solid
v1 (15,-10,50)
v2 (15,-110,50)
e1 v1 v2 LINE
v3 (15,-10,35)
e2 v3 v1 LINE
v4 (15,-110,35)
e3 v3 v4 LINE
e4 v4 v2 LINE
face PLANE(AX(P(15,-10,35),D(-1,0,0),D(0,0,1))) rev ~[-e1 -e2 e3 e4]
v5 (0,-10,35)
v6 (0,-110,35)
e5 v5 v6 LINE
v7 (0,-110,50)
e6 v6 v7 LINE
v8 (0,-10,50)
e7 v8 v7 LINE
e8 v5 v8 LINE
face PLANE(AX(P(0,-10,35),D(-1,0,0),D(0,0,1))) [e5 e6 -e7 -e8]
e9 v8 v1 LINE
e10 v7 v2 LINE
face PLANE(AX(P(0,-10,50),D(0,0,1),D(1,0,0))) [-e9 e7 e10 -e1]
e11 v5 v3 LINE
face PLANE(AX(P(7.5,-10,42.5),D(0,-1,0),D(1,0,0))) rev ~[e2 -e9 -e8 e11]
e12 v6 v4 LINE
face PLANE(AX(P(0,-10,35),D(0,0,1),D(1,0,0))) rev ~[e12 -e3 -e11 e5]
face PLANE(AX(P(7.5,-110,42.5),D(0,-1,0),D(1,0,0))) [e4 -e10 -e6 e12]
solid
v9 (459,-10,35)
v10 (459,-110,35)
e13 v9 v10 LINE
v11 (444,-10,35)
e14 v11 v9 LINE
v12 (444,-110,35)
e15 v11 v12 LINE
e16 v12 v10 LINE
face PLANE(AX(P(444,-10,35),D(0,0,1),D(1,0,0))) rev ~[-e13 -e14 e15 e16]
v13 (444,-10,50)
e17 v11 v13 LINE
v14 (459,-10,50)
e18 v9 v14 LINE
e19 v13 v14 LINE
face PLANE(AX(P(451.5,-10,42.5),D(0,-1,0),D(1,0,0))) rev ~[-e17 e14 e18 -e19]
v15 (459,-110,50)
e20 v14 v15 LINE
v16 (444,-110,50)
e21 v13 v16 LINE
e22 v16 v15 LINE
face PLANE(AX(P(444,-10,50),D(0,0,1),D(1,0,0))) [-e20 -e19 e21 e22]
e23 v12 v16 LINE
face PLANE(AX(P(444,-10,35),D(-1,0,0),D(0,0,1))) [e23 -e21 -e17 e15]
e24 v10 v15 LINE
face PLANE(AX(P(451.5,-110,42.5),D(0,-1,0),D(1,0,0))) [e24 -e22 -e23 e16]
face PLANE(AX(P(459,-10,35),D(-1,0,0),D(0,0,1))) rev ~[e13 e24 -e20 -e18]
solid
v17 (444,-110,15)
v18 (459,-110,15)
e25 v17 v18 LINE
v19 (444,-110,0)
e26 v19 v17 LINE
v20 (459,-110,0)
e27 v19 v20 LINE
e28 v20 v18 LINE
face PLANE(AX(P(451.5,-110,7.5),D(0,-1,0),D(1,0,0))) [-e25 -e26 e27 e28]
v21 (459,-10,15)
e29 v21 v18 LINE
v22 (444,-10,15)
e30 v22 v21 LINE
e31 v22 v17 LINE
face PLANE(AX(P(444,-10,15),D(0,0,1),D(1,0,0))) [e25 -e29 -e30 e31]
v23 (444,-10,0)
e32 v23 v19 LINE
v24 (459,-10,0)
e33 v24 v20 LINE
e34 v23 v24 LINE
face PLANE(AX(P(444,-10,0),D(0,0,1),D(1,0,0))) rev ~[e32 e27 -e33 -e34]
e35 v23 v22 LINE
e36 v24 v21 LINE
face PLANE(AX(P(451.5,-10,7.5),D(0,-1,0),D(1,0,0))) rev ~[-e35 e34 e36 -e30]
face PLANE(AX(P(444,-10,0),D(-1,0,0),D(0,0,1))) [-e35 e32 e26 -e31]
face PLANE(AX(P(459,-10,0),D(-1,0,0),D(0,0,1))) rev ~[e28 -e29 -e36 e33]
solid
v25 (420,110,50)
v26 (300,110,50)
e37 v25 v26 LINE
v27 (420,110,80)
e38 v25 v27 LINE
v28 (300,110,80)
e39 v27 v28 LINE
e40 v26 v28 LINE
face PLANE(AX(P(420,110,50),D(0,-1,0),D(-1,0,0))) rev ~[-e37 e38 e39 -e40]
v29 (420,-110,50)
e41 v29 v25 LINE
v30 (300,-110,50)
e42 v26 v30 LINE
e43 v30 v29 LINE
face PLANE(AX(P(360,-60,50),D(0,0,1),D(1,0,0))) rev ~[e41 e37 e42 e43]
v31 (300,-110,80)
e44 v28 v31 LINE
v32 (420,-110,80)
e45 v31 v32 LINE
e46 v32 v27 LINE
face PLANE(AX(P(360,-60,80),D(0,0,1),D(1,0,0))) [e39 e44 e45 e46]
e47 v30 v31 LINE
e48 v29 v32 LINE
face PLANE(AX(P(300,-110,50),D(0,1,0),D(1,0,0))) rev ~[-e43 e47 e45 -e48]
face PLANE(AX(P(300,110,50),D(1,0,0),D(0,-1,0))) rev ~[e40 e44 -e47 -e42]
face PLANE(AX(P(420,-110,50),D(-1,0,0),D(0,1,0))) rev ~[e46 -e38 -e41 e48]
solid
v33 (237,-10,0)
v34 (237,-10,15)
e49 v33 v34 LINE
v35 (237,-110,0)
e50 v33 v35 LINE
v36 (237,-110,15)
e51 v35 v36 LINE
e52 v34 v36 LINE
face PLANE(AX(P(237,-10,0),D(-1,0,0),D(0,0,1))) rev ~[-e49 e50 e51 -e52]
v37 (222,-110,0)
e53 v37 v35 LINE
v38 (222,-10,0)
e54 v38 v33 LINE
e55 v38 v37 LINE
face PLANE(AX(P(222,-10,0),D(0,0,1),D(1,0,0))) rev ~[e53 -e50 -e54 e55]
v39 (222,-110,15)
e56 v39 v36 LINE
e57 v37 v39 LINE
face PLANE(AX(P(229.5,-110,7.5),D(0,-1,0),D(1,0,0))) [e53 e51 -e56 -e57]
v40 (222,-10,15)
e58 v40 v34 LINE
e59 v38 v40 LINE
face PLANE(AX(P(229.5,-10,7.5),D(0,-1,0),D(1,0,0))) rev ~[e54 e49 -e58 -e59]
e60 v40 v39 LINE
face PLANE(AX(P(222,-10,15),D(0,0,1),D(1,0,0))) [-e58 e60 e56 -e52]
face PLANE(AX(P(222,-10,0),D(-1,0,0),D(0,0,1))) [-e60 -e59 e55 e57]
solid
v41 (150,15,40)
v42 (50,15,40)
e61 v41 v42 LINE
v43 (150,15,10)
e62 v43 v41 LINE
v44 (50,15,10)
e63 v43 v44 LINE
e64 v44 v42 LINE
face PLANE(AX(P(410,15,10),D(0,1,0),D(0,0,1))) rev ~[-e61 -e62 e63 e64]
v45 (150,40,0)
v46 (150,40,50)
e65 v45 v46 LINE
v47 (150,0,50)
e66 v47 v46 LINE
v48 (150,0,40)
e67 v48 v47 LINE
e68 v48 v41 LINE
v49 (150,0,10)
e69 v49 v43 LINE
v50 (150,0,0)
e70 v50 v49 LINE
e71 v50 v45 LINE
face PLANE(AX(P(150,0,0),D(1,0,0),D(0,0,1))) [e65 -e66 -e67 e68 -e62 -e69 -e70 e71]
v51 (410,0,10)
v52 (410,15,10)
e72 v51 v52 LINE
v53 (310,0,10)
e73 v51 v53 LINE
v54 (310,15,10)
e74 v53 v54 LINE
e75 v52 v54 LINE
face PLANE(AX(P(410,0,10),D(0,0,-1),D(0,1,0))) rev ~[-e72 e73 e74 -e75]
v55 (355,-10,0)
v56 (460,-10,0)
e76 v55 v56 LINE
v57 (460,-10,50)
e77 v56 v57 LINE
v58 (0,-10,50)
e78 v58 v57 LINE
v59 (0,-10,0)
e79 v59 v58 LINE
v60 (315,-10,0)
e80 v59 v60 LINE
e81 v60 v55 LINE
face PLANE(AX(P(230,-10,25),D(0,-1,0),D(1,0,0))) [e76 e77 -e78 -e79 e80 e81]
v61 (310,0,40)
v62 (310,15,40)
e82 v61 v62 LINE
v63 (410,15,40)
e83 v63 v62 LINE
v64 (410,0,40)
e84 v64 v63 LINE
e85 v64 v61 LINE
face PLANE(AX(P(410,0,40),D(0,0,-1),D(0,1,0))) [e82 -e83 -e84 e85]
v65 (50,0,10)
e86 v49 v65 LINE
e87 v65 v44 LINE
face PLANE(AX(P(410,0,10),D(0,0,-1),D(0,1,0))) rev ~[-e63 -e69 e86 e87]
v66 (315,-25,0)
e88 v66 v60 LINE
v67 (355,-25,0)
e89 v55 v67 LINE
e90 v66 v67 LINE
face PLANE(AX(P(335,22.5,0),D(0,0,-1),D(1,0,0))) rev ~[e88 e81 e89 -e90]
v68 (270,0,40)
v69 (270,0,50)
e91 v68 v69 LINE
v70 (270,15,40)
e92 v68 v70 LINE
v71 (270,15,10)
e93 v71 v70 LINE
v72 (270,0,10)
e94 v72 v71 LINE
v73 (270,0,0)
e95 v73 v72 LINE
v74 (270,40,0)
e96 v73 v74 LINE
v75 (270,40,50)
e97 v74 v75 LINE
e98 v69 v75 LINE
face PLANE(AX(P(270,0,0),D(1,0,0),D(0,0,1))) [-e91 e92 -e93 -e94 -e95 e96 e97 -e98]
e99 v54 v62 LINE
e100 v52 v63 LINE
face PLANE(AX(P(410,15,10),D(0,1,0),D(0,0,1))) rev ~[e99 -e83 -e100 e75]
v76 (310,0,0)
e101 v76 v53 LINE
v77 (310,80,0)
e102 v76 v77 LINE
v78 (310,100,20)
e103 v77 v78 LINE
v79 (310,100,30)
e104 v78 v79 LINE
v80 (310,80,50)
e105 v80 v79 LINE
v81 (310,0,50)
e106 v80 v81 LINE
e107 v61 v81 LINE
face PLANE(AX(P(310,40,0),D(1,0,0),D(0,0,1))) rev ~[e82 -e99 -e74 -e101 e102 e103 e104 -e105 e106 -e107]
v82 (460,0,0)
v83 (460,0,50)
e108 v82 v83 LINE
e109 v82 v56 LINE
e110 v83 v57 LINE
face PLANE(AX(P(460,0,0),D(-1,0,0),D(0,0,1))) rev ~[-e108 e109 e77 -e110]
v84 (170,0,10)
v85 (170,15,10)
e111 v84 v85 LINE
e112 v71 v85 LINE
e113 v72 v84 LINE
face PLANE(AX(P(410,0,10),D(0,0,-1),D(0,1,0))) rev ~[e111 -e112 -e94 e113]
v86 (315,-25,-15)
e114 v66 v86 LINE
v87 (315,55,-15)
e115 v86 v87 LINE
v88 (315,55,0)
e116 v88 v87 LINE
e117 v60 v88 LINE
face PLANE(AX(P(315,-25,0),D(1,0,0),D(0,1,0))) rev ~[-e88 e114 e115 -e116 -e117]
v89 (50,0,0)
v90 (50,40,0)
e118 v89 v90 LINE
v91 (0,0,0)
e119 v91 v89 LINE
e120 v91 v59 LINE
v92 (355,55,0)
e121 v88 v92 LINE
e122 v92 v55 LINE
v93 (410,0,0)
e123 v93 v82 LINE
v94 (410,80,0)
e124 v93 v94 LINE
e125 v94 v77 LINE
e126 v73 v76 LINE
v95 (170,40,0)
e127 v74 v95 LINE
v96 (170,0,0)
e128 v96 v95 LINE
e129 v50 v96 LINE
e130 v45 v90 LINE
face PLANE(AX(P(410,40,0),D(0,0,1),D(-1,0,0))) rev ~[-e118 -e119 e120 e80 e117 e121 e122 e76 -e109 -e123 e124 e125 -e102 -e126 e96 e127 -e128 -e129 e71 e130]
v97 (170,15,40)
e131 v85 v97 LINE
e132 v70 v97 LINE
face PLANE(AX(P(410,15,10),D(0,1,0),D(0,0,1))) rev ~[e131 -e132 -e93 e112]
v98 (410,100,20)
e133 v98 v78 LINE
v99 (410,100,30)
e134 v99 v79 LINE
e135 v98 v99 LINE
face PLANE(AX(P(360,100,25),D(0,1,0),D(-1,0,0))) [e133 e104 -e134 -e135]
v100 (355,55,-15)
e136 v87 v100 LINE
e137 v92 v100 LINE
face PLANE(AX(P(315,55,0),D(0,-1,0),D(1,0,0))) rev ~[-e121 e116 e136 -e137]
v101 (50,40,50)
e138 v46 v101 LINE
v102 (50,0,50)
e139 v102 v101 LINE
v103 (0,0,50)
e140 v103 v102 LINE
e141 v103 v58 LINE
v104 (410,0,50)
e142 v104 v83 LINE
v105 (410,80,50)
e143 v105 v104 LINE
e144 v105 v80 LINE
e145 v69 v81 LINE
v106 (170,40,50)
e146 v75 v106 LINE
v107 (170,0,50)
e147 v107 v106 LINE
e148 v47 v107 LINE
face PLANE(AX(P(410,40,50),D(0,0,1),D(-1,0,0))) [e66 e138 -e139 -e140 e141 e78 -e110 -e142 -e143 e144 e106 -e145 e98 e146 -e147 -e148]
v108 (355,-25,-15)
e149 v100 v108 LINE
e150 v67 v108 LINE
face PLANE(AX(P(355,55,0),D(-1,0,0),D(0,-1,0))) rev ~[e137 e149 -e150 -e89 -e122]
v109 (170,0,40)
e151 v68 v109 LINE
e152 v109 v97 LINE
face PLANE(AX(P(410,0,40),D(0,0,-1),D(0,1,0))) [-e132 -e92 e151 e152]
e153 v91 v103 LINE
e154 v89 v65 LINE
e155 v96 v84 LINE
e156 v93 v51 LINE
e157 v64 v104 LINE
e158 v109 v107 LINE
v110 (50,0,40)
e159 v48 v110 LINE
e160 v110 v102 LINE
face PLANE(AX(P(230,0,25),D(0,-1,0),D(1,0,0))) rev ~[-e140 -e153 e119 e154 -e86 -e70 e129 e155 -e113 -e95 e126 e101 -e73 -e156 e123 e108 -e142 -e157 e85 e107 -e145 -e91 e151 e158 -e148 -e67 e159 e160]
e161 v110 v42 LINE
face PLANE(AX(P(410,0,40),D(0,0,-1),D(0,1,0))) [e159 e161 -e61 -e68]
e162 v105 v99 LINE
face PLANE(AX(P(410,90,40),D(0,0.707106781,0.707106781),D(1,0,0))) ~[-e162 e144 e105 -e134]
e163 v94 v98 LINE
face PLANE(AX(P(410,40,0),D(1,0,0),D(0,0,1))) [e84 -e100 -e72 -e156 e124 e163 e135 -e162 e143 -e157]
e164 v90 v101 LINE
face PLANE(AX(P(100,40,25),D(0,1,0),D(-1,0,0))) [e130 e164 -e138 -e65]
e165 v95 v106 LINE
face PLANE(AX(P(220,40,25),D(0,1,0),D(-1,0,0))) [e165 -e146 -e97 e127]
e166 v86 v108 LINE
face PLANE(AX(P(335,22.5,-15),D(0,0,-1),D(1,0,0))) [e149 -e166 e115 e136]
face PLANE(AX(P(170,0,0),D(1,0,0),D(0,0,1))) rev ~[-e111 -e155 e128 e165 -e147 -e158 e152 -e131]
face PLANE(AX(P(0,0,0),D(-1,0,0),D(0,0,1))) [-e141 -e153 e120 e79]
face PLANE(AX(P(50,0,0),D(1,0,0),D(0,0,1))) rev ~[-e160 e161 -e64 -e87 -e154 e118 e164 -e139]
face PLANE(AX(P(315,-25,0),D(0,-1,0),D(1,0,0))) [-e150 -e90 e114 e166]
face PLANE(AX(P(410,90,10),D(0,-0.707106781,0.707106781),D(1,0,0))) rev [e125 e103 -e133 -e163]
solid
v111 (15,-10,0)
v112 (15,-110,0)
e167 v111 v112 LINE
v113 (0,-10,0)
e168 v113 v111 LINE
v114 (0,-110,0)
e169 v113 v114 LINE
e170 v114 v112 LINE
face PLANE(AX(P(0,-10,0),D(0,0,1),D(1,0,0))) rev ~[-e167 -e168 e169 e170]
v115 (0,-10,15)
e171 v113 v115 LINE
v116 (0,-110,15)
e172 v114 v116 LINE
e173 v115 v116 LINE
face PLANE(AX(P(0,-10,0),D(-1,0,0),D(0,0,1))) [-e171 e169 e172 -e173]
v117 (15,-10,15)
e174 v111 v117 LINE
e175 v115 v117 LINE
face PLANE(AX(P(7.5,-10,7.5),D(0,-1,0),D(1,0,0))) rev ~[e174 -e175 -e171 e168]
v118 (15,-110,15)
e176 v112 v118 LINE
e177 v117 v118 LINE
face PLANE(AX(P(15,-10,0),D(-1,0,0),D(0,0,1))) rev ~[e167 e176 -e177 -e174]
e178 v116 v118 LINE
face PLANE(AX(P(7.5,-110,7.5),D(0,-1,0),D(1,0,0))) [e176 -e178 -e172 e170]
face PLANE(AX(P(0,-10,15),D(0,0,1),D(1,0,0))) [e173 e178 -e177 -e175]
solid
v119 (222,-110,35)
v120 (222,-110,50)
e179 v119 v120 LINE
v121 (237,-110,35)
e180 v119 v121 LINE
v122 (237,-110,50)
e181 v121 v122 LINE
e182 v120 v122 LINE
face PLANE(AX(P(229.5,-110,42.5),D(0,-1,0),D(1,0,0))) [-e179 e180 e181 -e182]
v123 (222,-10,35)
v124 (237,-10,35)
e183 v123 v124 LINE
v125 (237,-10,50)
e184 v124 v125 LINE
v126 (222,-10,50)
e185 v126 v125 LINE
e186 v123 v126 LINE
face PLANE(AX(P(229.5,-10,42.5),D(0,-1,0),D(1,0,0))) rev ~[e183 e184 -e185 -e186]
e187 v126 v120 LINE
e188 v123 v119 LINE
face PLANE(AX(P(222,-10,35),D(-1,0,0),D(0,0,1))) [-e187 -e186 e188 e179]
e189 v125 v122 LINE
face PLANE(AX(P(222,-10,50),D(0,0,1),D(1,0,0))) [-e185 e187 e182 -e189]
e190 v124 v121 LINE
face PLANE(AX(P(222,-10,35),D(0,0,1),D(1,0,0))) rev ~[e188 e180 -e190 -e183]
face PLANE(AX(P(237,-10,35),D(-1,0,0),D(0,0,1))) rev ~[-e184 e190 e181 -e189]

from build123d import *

# Parameters (mm, degrees)
F0_W      = 460
F0_H      = 50
F1_DEPTH  = 10
F2_W      = 15
F2_H      = 15
F3_DEPTH  = 100
F4_W      = 100
F4_H      = 50
F5_DEPTH  = 40
F6_W      = 100
F6_H      = 50
F7_DEPTH  = 60
F8_SIZE   = 20
F9_W      = 120
F9_H      = 100
F10_DEPTH = 30
F11_W     = 40
F11_H     = 65
F11_H_2   = 15
F12_DEPTH = 15
F13_W     = 15
F13_H     = 30
F14_DEPTH = 360.6


with BuildPart() as f1:
    # F0 (on Front) → F1 (new body)
    with BuildSketch(Plane.XZ):
        with Locations((230, 25)):
            Rectangle(F0_W, F0_H)
    extrude(amount=F1_DEPTH)

    # F4 (on face) → F5 (join)
    with BuildSketch(Plane(origin=(0, 0, 0), x_dir=(-1, 0, 0), z_dir=(0, 1, 0))):
        with Locations((-360, 25)):
            Rectangle(F4_W, F4_H)
        with Locations((-220, 25)):
            Rectangle(F4_W, F4_H)
        with Locations((-100, 25)):
            Rectangle(F4_W, F4_H)
    extrude(amount=F5_DEPTH)

    # F6 (on face) → F7 (join)
    with BuildSketch(Plane(origin=(0, 40, 0), x_dir=(-1, 0, 0), z_dir=(0, 1, 0))):
        with Locations((-360, 25)):
            Rectangle(F6_W, F6_H)
    extrude(amount=F7_DEPTH)

    # F8
    f8_edges = [f1.edges().sort_by_distance(p)[0] for p in [
        (360, 100, 0),
        (360, 100, 50),
    ]]
    chamfer(f8_edges, length=F8_SIZE)

    # F11 (on face) → F12 (join)
    with BuildSketch(Plane(origin=(0, 0, 0), x_dir=(1, 0, 0), z_dir=(0, 0, -1))):
        with Locations((335, -22.5)):
            Rectangle(F11_W, F11_H)
        with Locations((335, 17.5)):
            Rectangle(F11_W, F11_H_2)
    extrude(amount=F12_DEPTH)

    # F13 (on face) → F14 (cut)
    with BuildSketch(Plane.YZ.offset(410)):
        with Locations((7.5, 25)):
            Rectangle(F13_W, F13_H)
    extrude(amount=-F14_DEPTH, mode=Mode.SUBTRACT)


with BuildPart() as f3:
    # F2 (on face) → F3 (new body)
    with BuildSketch(Plane.XZ.offset(10)):
        with Locations((7.5, 42.5)):
            Rectangle(F2_W, F2_H)
    extrude(amount=F3_DEPTH)


with BuildPart() as f3b:
    # F2 (on face) → F3, piece 2 (new body)
    with BuildSketch(Plane.XZ.offset(10)):
        with Locations((7.5, 7.5)):
            Rectangle(F2_W, F2_H)
    extrude(amount=F3_DEPTH)


with BuildPart() as f3c:
    # F2 (on face) → F3, piece 3 (new body)
    with BuildSketch(Plane.XZ.offset(10)):
        with Locations((229.5, 42.5)):
            Rectangle(F2_W, F2_H)
    extrude(amount=F3_DEPTH)


with BuildPart() as f3d:
    # F2 (on face) → F3, piece 4 (new body)
    with BuildSketch(Plane.XZ.offset(10)):
        with Locations((229.5, 7.5)):
            Rectangle(F2_W, F2_H)
    extrude(amount=F3_DEPTH)


with BuildPart() as f3e:
    # F2 (on face) → F3, piece 5 (new body)
    with BuildSketch(Plane.XZ.offset(10)):
        with Locations((451.5, 42.5)):
            Rectangle(F2_W, F2_H)
    extrude(amount=F3_DEPTH)


with BuildPart() as f3f:
    # F2 (on face) → F3, piece 6 (new body)
    with BuildSketch(Plane.XZ.offset(10)):
        with Locations((451.5, 7.5)):
            Rectangle(F2_W, F2_H)
    extrude(amount=F3_DEPTH)


with BuildPart() as f10:
    # F9 (on face) → F10 (new body)
    with BuildSketch(Plane.XY.offset(50)):
        with Locations((360, -60)):
            Rectangle(F9_W, F9_H)
        Polygon((420, 110), (300, 110), (300, 0), (310, 0), (310, 80), (410, 80), (410, 0), (420, 0), align=None)
        Polygon((310, 0), (300, 0), (300, -10), (420, -10), (420, 0), (410, 0), (410, 80), (310, 80), align=None)
    extrude(amount=F10_DEPTH)


solid = Compound([f1.part, f3.part, f3b.part, f3c.part, f3d.part, f3e.part, f3f.part, f10.part])
